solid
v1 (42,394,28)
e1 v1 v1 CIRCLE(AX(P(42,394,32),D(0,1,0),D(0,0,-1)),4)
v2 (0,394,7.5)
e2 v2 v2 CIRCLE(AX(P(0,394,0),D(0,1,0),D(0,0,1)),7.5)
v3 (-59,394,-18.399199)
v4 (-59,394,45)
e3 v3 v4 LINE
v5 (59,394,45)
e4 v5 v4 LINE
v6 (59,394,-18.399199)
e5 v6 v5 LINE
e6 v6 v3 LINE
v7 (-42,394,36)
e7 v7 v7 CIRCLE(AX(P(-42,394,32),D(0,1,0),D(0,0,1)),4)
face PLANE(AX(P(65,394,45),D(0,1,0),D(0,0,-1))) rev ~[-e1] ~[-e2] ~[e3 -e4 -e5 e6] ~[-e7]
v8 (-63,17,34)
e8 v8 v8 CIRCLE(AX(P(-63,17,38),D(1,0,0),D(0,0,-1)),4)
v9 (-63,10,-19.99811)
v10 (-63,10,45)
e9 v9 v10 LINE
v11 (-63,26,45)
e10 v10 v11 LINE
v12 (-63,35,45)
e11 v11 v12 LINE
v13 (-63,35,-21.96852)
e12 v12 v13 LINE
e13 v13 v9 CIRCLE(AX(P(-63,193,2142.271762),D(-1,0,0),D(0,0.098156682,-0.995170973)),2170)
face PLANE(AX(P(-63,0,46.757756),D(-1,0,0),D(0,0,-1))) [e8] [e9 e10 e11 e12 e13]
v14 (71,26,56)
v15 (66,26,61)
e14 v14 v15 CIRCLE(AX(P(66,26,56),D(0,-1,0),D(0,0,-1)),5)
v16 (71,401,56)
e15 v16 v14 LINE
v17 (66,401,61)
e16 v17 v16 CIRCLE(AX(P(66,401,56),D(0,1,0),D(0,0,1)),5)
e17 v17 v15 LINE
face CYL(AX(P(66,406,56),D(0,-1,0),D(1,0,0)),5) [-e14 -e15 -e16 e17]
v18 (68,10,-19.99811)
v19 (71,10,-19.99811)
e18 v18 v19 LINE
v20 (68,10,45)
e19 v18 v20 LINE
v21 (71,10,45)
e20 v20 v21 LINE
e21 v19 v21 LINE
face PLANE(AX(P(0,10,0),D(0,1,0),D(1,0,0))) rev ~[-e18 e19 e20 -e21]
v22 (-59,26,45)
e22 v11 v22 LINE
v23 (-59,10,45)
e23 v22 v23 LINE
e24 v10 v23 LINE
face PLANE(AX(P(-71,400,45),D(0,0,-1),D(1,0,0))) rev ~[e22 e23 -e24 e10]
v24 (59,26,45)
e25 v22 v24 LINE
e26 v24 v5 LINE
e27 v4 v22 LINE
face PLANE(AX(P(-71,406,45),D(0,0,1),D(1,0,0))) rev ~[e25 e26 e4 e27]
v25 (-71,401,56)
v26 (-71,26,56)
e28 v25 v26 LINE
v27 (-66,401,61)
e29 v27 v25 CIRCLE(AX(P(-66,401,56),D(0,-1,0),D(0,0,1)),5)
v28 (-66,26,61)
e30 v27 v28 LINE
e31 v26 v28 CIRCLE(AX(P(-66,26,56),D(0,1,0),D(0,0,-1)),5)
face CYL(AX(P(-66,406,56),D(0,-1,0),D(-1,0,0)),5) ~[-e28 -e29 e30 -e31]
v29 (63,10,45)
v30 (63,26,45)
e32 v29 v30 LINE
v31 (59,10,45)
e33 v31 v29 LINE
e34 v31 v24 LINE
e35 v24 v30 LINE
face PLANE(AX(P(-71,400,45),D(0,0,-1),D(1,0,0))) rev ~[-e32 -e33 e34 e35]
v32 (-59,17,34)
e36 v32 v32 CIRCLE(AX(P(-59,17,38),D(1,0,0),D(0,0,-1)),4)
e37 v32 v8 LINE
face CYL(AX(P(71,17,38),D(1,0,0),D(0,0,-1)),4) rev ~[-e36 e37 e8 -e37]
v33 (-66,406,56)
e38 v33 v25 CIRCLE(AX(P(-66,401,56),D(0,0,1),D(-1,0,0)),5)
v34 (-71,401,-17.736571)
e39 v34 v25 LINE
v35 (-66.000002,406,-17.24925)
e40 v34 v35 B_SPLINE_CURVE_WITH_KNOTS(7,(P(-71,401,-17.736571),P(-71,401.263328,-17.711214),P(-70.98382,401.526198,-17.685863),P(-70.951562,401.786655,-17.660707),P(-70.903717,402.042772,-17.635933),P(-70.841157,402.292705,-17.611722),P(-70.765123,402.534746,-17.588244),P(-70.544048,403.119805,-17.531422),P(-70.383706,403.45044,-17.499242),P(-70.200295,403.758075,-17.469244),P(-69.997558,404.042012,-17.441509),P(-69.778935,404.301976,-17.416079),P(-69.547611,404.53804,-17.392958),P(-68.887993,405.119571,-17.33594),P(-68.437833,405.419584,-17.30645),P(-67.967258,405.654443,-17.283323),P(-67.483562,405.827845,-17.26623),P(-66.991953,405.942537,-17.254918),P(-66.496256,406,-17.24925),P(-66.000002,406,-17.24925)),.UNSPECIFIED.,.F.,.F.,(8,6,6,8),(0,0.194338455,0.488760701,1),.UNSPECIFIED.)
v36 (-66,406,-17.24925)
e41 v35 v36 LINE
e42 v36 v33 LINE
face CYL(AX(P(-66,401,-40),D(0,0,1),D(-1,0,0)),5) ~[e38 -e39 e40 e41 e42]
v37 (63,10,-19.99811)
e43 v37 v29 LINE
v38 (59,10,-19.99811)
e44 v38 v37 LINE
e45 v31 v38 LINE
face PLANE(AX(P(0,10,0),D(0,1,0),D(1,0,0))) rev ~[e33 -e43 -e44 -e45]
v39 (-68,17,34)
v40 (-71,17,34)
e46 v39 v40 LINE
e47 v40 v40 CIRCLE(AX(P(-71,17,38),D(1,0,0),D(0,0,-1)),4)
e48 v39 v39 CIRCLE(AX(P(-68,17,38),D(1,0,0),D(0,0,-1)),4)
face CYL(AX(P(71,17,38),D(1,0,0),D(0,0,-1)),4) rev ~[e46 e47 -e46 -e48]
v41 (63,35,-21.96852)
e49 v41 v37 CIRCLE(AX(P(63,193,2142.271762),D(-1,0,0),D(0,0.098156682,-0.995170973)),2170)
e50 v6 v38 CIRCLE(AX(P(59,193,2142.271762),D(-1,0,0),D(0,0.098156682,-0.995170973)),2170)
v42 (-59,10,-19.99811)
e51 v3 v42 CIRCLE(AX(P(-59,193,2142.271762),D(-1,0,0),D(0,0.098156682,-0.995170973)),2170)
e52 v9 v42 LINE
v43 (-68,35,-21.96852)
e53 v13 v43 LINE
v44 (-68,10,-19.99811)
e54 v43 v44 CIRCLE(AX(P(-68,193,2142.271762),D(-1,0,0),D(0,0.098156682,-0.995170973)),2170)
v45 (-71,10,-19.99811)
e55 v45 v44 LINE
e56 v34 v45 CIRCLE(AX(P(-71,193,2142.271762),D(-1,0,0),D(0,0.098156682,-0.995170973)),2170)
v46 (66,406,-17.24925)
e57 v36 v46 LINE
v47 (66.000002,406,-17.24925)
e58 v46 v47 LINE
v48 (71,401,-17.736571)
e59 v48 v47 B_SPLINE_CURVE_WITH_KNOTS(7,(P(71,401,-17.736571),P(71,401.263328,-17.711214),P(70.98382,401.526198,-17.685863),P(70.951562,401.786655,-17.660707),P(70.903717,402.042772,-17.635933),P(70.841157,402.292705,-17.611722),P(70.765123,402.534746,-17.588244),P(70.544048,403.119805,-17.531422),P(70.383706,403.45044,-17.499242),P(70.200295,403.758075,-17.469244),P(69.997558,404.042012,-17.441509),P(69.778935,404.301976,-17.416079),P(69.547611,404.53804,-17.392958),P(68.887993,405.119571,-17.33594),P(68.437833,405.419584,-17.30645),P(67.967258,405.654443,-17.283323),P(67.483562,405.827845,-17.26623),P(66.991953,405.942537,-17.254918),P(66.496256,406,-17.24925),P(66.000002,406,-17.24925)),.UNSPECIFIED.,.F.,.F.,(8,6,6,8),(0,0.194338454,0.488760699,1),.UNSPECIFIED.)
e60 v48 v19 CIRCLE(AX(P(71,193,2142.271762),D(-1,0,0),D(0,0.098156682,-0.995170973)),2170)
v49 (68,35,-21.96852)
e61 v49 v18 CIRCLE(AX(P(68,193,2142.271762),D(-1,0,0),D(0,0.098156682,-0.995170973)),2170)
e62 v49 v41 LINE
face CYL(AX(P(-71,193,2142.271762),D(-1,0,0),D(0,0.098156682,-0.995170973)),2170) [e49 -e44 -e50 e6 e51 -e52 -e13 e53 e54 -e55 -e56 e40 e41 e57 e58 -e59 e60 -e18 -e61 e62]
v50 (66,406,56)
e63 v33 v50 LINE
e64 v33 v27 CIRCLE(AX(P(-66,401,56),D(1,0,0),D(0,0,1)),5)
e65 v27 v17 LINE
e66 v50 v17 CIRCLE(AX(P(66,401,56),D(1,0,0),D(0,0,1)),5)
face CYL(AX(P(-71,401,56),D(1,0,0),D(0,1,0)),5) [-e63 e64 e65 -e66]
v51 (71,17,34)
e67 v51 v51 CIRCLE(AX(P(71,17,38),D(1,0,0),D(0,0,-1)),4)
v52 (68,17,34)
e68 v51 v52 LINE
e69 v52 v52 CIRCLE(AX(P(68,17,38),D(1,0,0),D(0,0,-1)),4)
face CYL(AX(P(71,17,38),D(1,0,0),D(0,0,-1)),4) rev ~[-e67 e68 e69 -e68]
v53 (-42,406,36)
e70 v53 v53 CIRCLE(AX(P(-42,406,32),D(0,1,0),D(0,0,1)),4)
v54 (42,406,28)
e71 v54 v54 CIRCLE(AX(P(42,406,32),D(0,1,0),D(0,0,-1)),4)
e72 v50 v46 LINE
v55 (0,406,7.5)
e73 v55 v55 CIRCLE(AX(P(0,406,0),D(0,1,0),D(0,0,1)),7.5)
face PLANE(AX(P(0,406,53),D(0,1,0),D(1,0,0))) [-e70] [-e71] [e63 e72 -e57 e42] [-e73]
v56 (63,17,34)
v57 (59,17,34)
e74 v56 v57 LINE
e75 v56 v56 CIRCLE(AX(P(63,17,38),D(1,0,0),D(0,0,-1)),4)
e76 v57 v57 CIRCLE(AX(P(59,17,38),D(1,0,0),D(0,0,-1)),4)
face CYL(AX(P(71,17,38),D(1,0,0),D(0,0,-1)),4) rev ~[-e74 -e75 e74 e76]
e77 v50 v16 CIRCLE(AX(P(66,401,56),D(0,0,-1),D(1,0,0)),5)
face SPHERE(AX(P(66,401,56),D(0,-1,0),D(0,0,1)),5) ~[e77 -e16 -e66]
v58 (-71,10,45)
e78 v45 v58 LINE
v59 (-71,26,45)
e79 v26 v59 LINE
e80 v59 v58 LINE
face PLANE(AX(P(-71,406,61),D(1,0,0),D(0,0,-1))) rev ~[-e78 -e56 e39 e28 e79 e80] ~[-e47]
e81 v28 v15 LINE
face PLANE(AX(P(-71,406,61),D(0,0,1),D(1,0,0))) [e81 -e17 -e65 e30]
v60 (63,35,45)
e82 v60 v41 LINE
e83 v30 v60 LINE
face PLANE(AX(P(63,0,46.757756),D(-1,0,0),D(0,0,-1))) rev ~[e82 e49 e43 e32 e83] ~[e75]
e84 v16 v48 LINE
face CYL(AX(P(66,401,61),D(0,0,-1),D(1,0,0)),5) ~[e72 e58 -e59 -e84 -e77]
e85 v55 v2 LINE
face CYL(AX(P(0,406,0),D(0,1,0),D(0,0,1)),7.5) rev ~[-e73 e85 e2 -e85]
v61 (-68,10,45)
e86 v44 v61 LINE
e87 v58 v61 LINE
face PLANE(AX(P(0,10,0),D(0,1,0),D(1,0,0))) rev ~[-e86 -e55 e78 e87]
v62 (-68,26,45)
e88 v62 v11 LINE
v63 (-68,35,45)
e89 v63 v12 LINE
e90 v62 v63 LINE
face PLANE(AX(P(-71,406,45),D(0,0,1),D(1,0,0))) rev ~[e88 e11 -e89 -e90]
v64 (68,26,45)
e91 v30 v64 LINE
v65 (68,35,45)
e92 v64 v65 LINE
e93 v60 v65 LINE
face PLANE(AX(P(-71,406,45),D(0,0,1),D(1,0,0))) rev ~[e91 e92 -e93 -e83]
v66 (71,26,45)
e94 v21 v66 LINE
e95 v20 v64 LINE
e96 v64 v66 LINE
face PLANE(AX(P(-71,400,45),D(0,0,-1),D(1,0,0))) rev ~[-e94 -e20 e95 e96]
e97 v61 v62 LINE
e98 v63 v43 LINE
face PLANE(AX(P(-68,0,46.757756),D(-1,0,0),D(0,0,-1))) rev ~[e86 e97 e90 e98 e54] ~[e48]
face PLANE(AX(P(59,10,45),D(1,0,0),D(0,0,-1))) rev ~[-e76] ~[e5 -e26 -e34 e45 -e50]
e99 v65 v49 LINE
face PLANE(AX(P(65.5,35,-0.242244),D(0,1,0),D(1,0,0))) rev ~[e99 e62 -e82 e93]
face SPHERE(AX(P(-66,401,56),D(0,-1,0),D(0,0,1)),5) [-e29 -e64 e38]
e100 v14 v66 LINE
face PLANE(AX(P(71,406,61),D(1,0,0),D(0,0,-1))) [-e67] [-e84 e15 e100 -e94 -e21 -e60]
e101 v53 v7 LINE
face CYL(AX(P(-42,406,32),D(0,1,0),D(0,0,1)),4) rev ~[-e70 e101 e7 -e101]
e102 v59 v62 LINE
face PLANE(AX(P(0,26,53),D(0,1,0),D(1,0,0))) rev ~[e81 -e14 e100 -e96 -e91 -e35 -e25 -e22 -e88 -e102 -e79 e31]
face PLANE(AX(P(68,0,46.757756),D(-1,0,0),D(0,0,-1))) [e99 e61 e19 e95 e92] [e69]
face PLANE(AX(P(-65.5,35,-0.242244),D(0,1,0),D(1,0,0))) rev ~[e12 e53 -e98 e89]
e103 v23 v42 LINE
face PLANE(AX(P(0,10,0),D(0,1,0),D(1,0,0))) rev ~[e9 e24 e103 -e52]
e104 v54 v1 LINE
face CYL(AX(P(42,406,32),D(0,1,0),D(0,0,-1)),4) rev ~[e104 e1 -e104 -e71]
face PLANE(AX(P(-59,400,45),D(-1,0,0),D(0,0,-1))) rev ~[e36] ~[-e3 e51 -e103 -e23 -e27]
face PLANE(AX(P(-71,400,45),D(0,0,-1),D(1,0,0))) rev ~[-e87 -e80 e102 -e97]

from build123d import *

# Parameters (mm, degrees)
CUT_EXTRUDE1_DEPTH      = 10
CUT_EXTRUDE1_DEPTH_BACK = 10
SKETCH7_W               = 161.67088451347962
SKETCH7_H               = 99.40268669666085
SKETCH8_W               = 4.999999999999993
SKETCH8_H               = 94
CUT_EXTRUDE2_DEPTH      = 35
SKETCH9_R               = 7.5
SKETCH9_R_2             = 4.000000000000013
SKETCH9_R_3             = 4.000000000000005
CUT_EXTRUDE3_DEPTH      = 405.82341829494015
SKETCH10_R              = 4.000000000000005
CUT_EXTRUDE4_DEPTH      = 433.4638713233743
SKETCH11_W              = 141.9999999999999
SKETCH11_H              = 16
BOSS_EXTRUDE1_DEPTH     = 380
FILLET2_R               = 5
FILLET3_R               = 5
FILLET4_R               = 5
FILLET5_R               = 5
FILLET6_R               = 5
CUT_EXTRUDE5_DEPTH      = 435.42030339292387


with BuildPart() as part:
    # Sweep2: sweep along a path in Sketch4
    with BuildLine(Plane.XY) as sweep2_path:
        Line((-65, 400), (-64.99999999999994, 10.000000000000007))
        ThreePointArc((-64.99999999999994, 10.000000000000007), (-62.07106781186544, 2.928932188134527), (-54.99999999999996, 0))
        Line((-54.99999999999996, 0), (54.99999999999999, 0))
        ThreePointArc((54.99999999999999, 0), (62.071067811865476, 2.9289321881345227), (65, 10))
        Line((65, 10), (65, 400))
        Line((65, 400), (-65, 400))
    # Sketch6 → Sweep2 (sweep)
    with BuildSketch(Plane(origin=(0, 0, 0), x_dir=(0, 0, -1), z_dir=(1, 0, 0))):
        Polygon((44.99999999999967, 406), (-45.00000000000032, 406), (-45.00000000000032, 393.99999999999994), (44.99999999999968, 394), align=None)
    sweep(path=sweep2_path.line, transition=Transition.RIGHT)

    # Sketch7 → Cut-Extrude1 (cut, two sides: drawn at the far end of the back side and taken through both)
    with BuildSketch(Plane(origin=(0, 0, 0), x_dir=(1, 0, 0), z_dir=(0, 1, 0)).offset(-CUT_EXTRUDE1_DEPTH_BACK)):
        Rectangle(SKETCH7_W, SKETCH7_H)
    extrude(amount=CUT_EXTRUDE1_DEPTH + CUT_EXTRUDE1_DEPTH_BACK, mode=Mode.SUBTRACT)

    # Sketch8 → Cut-Extrude2 (cut)
    with BuildSketch(Plane(origin=(0, 0, 0), x_dir=(1, 0, 0), z_dir=(0, 1, 0))):
        with Locations((-65.5, 0.24224418482823395)):
            Rectangle(SKETCH8_W, SKETCH8_H)
        with Locations((65.5, 0.24224418482823395)):
            Rectangle(SKETCH8_W, SKETCH8_H)
    extrude(amount=CUT_EXTRUDE2_DEPTH, mode=Mode.SUBTRACT)

    # Sketch9 → Cut-Extrude3 (cut, through all)
    with BuildSketch(Plane(origin=(0, 406, 0), x_dir=(1, 0, 0), z_dir=(0, 1, 0))):
        with Locations(Location((0, 0, 0), (0, 0, 270))):
            Circle(SKETCH9_R)
        with Locations(Location((-42, 31.999999999999993, 0), (0, 0, 270))):
            Circle(SKETCH9_R_2)
        with Locations(Location((-42, -32.00000000000001, 0), (0, 0, 270))):
            Circle(SKETCH9_R_3)
        with Locations(Location((42, -31.999999999999954, 0), (0, 0, 90))):
            Circle(SKETCH9_R_3)
        with Locations(Location((42, 32, 0), (0, 0, 90))):
            Circle(SKETCH9_R_2)
    extrude(amount=-CUT_EXTRUDE3_DEPTH, mode=Mode.SUBTRACT)

    # Sketch10 → Cut-Extrude4 (cut, through all)
    with BuildSketch(Plane(origin=(70.99999999999996, 0, 0), x_dir=(0, 0, -1), z_dir=(1, 0, 0))):
        with Locations((-37.999999999999936, 17.000000000000014)):
            Circle(SKETCH10_R)
    extrude(amount=-CUT_EXTRUDE4_DEPTH, mode=Mode.SUBTRACT)

    # Sketch11 → Boss-Extrude1 (add)
    with BuildSketch(Plane(origin=(0, 406, 0), x_dir=(1, 0, 0), z_dir=(0, 1, 0))):
        with Locations((0, -52.999999999999936)):
            Rectangle(SKETCH11_W, SKETCH11_H)
    extrude(amount=-BOSS_EXTRUDE1_DEPTH)

    # Fillet2
    fillet2_edges = [part.edges().sort_by_distance(p)[0] for p in [
        (59.00000000000001, 202, -44.99999999999968),
    ]]
    fillet(fillet2_edges, radius=FILLET2_R)

    # Fillet3
    fillet3_edges = [part.edges().sort_by_distance(p)[0] for p in [
        (71, 208, -44.99999999999967),
    ]]
    fillet(fillet3_edges, radius=FILLET3_R)

    # Fillet4
    fillet4_edges = [part.edges().sort_by_distance(p)[0] for p in [
        (-59.00000000000001, 202, -44.99999999999968),
    ]]
    fillet(fillet4_edges, radius=FILLET4_R)

    # Fillet5
    fillet5_edges = [part.edges().sort_by_distance(p)[0] for p in [
        (-71, 208, -44.99999999999967),
    ]]
    fillet(fillet5_edges, radius=FILLET5_R)

    # Fillet6
    fillet6_edges = [part.edges().sort_by_distance(p)[0] for p in [
        (70.99999999999994, 216, 60.999999999999936),
        (-70.99999999999994, 216, 60.999999999999936),
        (0, 406, 60.999999999999936),
        (0, 406, -44.99999999999967),
        (0, 406, -44.99999999999967),
        (70.99999999999997, 406, 10.500000000000085),
        (-70.99999999999997, 406, 10.500000000000135),
        (69.53553390593274, 406, -43.53553390593251),
        (-69.53553390593274, 406, -43.53553390593241),
    ]]
    fillet(fillet6_edges, radius=FILLET6_R)

    # Sketch12 → Cut-Extrude5 (cut, through all)
    with BuildSketch(Plane.ZY.offset(70.9999999999999)):
        with BuildLine():
            Line((-19.99811023879916, 9.999999999999995), (-79.77303285275339, 10.000000000000018))
            Line((-79.77303285275339, 10.000000000000018), (-79.77303285275339, 406.4421165391139))
            Line((-79.77303285275339, 406.4421165391139), (-17.24924979661946, 406))
            ThreePointArc((-17.24924979661946, 406), (-27.67595887590869, 208.0628369981441), (-19.99811023879916, 9.999999999999995))
        make_face()
    extrude(amount=-CUT_EXTRUDE5_DEPTH, mode=Mode.SUBTRACT)


solid = part.part
